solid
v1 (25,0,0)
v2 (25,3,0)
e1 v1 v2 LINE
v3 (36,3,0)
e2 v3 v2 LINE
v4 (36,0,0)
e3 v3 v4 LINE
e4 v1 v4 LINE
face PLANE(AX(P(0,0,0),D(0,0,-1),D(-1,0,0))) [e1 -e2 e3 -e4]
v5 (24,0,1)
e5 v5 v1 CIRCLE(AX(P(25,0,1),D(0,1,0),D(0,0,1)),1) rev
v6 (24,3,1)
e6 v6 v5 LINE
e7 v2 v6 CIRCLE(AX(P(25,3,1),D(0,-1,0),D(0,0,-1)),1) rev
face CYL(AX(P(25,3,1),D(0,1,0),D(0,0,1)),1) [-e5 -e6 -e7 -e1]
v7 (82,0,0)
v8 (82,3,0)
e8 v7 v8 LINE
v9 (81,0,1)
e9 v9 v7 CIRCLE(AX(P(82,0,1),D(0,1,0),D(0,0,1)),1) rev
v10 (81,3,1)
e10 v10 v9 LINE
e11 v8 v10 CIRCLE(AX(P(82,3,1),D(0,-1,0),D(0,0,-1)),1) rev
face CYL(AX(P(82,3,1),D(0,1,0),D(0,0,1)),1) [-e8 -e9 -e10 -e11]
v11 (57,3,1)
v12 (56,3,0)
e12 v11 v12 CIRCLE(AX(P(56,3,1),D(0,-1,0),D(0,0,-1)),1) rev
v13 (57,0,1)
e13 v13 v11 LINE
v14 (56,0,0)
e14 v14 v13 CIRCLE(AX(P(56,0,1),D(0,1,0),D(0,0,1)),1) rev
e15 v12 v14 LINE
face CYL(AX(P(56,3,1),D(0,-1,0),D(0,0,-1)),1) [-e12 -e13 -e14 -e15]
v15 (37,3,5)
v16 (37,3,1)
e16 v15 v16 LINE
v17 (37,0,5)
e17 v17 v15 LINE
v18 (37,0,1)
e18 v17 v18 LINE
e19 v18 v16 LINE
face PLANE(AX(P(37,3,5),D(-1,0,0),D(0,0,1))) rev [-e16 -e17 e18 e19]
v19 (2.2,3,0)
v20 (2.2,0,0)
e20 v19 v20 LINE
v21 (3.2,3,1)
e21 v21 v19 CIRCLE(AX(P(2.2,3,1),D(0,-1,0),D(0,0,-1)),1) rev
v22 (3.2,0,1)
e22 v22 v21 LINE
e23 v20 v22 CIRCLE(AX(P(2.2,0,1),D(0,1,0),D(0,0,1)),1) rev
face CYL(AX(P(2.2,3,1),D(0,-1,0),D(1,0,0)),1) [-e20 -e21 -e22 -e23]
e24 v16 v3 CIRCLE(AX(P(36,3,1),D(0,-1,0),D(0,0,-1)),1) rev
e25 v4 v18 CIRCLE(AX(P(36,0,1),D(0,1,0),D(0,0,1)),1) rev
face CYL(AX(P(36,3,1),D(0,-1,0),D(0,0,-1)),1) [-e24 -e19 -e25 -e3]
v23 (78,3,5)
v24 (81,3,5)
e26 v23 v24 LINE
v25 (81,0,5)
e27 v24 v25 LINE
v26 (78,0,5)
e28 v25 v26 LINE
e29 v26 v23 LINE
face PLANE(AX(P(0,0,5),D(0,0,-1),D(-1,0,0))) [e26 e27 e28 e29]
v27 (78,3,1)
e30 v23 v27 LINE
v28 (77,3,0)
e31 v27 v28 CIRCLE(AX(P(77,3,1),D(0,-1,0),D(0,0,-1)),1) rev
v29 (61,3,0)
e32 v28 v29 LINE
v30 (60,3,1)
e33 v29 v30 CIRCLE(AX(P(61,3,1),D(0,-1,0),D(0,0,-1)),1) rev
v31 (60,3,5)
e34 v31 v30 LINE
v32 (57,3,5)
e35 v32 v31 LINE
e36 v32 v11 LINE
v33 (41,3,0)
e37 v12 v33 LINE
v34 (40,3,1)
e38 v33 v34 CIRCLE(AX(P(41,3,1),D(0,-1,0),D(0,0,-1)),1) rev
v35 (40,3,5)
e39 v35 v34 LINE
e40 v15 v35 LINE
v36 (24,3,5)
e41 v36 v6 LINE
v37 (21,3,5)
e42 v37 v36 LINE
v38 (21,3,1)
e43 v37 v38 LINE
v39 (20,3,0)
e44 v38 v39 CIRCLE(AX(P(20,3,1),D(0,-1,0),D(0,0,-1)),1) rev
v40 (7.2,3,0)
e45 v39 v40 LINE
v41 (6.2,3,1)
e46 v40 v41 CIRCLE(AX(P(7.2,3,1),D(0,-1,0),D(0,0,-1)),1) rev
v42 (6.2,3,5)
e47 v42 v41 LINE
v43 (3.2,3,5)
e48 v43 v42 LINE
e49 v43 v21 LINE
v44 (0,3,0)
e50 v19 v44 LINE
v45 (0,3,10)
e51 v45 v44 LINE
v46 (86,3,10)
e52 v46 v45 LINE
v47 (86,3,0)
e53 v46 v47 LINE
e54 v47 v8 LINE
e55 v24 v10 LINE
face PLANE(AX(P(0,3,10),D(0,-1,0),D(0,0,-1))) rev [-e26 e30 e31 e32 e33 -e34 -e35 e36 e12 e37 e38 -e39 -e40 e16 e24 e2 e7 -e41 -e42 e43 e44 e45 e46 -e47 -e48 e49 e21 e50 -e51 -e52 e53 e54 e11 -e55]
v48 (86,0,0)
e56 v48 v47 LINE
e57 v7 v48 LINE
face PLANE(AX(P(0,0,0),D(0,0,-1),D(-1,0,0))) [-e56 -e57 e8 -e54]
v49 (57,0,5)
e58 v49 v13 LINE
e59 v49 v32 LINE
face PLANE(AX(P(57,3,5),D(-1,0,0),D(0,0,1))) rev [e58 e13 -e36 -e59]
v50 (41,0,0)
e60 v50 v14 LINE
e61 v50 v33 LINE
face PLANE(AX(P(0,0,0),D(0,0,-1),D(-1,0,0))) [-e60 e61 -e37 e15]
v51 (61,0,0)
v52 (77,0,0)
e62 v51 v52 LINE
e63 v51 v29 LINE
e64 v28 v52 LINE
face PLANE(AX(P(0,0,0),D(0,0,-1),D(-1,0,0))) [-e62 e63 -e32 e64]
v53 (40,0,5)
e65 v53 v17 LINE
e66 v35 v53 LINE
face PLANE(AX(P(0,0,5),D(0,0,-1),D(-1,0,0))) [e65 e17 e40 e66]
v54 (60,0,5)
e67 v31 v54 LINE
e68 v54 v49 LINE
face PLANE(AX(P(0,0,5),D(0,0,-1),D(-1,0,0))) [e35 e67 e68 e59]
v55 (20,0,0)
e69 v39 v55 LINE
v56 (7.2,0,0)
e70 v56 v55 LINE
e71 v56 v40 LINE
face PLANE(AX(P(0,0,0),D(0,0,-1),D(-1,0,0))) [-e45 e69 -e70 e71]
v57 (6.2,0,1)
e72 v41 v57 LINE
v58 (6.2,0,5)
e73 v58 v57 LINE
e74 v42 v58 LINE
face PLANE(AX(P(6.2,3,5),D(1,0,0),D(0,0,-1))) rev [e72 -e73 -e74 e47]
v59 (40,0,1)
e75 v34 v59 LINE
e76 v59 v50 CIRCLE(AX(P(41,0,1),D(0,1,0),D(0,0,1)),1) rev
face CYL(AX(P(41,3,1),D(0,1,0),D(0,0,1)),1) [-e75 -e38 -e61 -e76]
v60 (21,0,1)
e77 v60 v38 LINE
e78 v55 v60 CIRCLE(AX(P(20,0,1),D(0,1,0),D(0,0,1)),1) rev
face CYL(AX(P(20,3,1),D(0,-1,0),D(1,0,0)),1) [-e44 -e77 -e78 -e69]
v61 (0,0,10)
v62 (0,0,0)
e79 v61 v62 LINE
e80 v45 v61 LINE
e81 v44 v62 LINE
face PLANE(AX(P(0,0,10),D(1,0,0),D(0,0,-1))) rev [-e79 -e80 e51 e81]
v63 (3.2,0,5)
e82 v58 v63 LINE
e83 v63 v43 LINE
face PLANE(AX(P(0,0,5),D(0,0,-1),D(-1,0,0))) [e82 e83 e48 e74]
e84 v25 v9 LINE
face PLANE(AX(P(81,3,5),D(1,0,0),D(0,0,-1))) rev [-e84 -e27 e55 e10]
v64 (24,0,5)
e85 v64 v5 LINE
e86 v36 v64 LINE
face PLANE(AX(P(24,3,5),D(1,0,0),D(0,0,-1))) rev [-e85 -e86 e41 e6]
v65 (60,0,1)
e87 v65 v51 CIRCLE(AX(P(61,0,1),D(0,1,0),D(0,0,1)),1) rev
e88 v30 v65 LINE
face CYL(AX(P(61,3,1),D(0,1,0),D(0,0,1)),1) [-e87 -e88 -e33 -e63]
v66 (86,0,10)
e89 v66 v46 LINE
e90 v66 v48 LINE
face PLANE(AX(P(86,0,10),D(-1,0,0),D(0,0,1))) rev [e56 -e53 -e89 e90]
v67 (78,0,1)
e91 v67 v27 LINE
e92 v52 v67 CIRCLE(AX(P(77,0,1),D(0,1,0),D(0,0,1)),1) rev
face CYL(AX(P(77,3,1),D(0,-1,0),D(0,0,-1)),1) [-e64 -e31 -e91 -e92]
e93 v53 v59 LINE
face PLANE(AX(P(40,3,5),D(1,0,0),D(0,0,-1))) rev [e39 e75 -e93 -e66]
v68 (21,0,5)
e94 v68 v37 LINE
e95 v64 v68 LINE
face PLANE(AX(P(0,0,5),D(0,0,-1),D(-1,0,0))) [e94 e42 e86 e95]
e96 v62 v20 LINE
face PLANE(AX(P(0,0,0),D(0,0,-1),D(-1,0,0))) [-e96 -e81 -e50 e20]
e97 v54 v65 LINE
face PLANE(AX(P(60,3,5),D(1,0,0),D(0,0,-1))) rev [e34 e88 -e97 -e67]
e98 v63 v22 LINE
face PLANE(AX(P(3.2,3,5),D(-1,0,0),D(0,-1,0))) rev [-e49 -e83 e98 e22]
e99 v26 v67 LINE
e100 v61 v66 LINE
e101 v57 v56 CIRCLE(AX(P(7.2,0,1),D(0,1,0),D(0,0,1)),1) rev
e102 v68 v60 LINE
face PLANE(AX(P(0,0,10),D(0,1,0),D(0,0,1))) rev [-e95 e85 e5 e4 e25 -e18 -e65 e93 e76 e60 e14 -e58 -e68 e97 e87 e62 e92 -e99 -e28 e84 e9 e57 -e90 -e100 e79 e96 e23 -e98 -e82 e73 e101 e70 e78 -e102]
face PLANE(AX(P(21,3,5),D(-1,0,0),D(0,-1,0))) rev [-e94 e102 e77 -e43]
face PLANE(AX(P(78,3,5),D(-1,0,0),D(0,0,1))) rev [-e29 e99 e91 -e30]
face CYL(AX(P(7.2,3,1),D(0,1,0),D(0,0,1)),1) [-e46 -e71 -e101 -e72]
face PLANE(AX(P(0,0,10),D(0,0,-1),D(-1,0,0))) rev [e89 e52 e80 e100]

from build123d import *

# Parameters (mm, degrees)
SKETCH1_W           = 86
SKETCH1_H           = 3
BOSS_EXTRUDE1_DEPTH = 10
SKETCH3_W           = 3
SKETCH3_H           = 3
CUT_EXTRUDE2_DEPTH  = 5
FILLET2_R           = 1


with BuildPart() as part:
    # Sketch1 → Boss-Extrude1 (new body)
    with BuildSketch(Plane.XY):
        with Locations((43, 1.5)):
            Rectangle(SKETCH1_W, SKETCH1_H)
    extrude(amount=BOSS_EXTRUDE1_DEPTH)

    # Sketch3 → Cut-Extrude2 (cut)
    with BuildSketch(Plane(origin=(0, 0, 0), x_dir=(-1, 0, 0), z_dir=(0, 0, -1))):
        with Locations((-79.5, 1.5)):
            Rectangle(SKETCH3_W, SKETCH3_H)
        with Locations((-58.5, 1.5)):
            Rectangle(SKETCH3_W, SKETCH3_H)
        with Locations((-38.5, 1.5)):
            Rectangle(SKETCH3_W, SKETCH3_H)
        with Locations((-22.5, 1.5)):
            Rectangle(SKETCH3_W, SKETCH3_H)
        with Locations((-4.7, 1.5)):
            Rectangle(SKETCH3_W, SKETCH3_H)
    extrude(amount=-CUT_EXTRUDE2_DEPTH, mode=Mode.SUBTRACT)

    # Fillet2
    fillet2_edges = [part.edges().sort_by_distance(p)[0] for p in [
        (78, 1.5, 0),
        (81, 1.5, 0),
        (57, 1.5, 0),
        (60, 1.5, 0),
        (37, 1.5, 0),
        (40, 1.5, 0),
        (21, 1.5, 0),
        (24, 1.5, 0),
        (3.2, 1.5, 0),
        (6.2, 1.5, 0),
    ]]
    fillet(fillet2_edges, radius=FILLET2_R)


solid = part.part
